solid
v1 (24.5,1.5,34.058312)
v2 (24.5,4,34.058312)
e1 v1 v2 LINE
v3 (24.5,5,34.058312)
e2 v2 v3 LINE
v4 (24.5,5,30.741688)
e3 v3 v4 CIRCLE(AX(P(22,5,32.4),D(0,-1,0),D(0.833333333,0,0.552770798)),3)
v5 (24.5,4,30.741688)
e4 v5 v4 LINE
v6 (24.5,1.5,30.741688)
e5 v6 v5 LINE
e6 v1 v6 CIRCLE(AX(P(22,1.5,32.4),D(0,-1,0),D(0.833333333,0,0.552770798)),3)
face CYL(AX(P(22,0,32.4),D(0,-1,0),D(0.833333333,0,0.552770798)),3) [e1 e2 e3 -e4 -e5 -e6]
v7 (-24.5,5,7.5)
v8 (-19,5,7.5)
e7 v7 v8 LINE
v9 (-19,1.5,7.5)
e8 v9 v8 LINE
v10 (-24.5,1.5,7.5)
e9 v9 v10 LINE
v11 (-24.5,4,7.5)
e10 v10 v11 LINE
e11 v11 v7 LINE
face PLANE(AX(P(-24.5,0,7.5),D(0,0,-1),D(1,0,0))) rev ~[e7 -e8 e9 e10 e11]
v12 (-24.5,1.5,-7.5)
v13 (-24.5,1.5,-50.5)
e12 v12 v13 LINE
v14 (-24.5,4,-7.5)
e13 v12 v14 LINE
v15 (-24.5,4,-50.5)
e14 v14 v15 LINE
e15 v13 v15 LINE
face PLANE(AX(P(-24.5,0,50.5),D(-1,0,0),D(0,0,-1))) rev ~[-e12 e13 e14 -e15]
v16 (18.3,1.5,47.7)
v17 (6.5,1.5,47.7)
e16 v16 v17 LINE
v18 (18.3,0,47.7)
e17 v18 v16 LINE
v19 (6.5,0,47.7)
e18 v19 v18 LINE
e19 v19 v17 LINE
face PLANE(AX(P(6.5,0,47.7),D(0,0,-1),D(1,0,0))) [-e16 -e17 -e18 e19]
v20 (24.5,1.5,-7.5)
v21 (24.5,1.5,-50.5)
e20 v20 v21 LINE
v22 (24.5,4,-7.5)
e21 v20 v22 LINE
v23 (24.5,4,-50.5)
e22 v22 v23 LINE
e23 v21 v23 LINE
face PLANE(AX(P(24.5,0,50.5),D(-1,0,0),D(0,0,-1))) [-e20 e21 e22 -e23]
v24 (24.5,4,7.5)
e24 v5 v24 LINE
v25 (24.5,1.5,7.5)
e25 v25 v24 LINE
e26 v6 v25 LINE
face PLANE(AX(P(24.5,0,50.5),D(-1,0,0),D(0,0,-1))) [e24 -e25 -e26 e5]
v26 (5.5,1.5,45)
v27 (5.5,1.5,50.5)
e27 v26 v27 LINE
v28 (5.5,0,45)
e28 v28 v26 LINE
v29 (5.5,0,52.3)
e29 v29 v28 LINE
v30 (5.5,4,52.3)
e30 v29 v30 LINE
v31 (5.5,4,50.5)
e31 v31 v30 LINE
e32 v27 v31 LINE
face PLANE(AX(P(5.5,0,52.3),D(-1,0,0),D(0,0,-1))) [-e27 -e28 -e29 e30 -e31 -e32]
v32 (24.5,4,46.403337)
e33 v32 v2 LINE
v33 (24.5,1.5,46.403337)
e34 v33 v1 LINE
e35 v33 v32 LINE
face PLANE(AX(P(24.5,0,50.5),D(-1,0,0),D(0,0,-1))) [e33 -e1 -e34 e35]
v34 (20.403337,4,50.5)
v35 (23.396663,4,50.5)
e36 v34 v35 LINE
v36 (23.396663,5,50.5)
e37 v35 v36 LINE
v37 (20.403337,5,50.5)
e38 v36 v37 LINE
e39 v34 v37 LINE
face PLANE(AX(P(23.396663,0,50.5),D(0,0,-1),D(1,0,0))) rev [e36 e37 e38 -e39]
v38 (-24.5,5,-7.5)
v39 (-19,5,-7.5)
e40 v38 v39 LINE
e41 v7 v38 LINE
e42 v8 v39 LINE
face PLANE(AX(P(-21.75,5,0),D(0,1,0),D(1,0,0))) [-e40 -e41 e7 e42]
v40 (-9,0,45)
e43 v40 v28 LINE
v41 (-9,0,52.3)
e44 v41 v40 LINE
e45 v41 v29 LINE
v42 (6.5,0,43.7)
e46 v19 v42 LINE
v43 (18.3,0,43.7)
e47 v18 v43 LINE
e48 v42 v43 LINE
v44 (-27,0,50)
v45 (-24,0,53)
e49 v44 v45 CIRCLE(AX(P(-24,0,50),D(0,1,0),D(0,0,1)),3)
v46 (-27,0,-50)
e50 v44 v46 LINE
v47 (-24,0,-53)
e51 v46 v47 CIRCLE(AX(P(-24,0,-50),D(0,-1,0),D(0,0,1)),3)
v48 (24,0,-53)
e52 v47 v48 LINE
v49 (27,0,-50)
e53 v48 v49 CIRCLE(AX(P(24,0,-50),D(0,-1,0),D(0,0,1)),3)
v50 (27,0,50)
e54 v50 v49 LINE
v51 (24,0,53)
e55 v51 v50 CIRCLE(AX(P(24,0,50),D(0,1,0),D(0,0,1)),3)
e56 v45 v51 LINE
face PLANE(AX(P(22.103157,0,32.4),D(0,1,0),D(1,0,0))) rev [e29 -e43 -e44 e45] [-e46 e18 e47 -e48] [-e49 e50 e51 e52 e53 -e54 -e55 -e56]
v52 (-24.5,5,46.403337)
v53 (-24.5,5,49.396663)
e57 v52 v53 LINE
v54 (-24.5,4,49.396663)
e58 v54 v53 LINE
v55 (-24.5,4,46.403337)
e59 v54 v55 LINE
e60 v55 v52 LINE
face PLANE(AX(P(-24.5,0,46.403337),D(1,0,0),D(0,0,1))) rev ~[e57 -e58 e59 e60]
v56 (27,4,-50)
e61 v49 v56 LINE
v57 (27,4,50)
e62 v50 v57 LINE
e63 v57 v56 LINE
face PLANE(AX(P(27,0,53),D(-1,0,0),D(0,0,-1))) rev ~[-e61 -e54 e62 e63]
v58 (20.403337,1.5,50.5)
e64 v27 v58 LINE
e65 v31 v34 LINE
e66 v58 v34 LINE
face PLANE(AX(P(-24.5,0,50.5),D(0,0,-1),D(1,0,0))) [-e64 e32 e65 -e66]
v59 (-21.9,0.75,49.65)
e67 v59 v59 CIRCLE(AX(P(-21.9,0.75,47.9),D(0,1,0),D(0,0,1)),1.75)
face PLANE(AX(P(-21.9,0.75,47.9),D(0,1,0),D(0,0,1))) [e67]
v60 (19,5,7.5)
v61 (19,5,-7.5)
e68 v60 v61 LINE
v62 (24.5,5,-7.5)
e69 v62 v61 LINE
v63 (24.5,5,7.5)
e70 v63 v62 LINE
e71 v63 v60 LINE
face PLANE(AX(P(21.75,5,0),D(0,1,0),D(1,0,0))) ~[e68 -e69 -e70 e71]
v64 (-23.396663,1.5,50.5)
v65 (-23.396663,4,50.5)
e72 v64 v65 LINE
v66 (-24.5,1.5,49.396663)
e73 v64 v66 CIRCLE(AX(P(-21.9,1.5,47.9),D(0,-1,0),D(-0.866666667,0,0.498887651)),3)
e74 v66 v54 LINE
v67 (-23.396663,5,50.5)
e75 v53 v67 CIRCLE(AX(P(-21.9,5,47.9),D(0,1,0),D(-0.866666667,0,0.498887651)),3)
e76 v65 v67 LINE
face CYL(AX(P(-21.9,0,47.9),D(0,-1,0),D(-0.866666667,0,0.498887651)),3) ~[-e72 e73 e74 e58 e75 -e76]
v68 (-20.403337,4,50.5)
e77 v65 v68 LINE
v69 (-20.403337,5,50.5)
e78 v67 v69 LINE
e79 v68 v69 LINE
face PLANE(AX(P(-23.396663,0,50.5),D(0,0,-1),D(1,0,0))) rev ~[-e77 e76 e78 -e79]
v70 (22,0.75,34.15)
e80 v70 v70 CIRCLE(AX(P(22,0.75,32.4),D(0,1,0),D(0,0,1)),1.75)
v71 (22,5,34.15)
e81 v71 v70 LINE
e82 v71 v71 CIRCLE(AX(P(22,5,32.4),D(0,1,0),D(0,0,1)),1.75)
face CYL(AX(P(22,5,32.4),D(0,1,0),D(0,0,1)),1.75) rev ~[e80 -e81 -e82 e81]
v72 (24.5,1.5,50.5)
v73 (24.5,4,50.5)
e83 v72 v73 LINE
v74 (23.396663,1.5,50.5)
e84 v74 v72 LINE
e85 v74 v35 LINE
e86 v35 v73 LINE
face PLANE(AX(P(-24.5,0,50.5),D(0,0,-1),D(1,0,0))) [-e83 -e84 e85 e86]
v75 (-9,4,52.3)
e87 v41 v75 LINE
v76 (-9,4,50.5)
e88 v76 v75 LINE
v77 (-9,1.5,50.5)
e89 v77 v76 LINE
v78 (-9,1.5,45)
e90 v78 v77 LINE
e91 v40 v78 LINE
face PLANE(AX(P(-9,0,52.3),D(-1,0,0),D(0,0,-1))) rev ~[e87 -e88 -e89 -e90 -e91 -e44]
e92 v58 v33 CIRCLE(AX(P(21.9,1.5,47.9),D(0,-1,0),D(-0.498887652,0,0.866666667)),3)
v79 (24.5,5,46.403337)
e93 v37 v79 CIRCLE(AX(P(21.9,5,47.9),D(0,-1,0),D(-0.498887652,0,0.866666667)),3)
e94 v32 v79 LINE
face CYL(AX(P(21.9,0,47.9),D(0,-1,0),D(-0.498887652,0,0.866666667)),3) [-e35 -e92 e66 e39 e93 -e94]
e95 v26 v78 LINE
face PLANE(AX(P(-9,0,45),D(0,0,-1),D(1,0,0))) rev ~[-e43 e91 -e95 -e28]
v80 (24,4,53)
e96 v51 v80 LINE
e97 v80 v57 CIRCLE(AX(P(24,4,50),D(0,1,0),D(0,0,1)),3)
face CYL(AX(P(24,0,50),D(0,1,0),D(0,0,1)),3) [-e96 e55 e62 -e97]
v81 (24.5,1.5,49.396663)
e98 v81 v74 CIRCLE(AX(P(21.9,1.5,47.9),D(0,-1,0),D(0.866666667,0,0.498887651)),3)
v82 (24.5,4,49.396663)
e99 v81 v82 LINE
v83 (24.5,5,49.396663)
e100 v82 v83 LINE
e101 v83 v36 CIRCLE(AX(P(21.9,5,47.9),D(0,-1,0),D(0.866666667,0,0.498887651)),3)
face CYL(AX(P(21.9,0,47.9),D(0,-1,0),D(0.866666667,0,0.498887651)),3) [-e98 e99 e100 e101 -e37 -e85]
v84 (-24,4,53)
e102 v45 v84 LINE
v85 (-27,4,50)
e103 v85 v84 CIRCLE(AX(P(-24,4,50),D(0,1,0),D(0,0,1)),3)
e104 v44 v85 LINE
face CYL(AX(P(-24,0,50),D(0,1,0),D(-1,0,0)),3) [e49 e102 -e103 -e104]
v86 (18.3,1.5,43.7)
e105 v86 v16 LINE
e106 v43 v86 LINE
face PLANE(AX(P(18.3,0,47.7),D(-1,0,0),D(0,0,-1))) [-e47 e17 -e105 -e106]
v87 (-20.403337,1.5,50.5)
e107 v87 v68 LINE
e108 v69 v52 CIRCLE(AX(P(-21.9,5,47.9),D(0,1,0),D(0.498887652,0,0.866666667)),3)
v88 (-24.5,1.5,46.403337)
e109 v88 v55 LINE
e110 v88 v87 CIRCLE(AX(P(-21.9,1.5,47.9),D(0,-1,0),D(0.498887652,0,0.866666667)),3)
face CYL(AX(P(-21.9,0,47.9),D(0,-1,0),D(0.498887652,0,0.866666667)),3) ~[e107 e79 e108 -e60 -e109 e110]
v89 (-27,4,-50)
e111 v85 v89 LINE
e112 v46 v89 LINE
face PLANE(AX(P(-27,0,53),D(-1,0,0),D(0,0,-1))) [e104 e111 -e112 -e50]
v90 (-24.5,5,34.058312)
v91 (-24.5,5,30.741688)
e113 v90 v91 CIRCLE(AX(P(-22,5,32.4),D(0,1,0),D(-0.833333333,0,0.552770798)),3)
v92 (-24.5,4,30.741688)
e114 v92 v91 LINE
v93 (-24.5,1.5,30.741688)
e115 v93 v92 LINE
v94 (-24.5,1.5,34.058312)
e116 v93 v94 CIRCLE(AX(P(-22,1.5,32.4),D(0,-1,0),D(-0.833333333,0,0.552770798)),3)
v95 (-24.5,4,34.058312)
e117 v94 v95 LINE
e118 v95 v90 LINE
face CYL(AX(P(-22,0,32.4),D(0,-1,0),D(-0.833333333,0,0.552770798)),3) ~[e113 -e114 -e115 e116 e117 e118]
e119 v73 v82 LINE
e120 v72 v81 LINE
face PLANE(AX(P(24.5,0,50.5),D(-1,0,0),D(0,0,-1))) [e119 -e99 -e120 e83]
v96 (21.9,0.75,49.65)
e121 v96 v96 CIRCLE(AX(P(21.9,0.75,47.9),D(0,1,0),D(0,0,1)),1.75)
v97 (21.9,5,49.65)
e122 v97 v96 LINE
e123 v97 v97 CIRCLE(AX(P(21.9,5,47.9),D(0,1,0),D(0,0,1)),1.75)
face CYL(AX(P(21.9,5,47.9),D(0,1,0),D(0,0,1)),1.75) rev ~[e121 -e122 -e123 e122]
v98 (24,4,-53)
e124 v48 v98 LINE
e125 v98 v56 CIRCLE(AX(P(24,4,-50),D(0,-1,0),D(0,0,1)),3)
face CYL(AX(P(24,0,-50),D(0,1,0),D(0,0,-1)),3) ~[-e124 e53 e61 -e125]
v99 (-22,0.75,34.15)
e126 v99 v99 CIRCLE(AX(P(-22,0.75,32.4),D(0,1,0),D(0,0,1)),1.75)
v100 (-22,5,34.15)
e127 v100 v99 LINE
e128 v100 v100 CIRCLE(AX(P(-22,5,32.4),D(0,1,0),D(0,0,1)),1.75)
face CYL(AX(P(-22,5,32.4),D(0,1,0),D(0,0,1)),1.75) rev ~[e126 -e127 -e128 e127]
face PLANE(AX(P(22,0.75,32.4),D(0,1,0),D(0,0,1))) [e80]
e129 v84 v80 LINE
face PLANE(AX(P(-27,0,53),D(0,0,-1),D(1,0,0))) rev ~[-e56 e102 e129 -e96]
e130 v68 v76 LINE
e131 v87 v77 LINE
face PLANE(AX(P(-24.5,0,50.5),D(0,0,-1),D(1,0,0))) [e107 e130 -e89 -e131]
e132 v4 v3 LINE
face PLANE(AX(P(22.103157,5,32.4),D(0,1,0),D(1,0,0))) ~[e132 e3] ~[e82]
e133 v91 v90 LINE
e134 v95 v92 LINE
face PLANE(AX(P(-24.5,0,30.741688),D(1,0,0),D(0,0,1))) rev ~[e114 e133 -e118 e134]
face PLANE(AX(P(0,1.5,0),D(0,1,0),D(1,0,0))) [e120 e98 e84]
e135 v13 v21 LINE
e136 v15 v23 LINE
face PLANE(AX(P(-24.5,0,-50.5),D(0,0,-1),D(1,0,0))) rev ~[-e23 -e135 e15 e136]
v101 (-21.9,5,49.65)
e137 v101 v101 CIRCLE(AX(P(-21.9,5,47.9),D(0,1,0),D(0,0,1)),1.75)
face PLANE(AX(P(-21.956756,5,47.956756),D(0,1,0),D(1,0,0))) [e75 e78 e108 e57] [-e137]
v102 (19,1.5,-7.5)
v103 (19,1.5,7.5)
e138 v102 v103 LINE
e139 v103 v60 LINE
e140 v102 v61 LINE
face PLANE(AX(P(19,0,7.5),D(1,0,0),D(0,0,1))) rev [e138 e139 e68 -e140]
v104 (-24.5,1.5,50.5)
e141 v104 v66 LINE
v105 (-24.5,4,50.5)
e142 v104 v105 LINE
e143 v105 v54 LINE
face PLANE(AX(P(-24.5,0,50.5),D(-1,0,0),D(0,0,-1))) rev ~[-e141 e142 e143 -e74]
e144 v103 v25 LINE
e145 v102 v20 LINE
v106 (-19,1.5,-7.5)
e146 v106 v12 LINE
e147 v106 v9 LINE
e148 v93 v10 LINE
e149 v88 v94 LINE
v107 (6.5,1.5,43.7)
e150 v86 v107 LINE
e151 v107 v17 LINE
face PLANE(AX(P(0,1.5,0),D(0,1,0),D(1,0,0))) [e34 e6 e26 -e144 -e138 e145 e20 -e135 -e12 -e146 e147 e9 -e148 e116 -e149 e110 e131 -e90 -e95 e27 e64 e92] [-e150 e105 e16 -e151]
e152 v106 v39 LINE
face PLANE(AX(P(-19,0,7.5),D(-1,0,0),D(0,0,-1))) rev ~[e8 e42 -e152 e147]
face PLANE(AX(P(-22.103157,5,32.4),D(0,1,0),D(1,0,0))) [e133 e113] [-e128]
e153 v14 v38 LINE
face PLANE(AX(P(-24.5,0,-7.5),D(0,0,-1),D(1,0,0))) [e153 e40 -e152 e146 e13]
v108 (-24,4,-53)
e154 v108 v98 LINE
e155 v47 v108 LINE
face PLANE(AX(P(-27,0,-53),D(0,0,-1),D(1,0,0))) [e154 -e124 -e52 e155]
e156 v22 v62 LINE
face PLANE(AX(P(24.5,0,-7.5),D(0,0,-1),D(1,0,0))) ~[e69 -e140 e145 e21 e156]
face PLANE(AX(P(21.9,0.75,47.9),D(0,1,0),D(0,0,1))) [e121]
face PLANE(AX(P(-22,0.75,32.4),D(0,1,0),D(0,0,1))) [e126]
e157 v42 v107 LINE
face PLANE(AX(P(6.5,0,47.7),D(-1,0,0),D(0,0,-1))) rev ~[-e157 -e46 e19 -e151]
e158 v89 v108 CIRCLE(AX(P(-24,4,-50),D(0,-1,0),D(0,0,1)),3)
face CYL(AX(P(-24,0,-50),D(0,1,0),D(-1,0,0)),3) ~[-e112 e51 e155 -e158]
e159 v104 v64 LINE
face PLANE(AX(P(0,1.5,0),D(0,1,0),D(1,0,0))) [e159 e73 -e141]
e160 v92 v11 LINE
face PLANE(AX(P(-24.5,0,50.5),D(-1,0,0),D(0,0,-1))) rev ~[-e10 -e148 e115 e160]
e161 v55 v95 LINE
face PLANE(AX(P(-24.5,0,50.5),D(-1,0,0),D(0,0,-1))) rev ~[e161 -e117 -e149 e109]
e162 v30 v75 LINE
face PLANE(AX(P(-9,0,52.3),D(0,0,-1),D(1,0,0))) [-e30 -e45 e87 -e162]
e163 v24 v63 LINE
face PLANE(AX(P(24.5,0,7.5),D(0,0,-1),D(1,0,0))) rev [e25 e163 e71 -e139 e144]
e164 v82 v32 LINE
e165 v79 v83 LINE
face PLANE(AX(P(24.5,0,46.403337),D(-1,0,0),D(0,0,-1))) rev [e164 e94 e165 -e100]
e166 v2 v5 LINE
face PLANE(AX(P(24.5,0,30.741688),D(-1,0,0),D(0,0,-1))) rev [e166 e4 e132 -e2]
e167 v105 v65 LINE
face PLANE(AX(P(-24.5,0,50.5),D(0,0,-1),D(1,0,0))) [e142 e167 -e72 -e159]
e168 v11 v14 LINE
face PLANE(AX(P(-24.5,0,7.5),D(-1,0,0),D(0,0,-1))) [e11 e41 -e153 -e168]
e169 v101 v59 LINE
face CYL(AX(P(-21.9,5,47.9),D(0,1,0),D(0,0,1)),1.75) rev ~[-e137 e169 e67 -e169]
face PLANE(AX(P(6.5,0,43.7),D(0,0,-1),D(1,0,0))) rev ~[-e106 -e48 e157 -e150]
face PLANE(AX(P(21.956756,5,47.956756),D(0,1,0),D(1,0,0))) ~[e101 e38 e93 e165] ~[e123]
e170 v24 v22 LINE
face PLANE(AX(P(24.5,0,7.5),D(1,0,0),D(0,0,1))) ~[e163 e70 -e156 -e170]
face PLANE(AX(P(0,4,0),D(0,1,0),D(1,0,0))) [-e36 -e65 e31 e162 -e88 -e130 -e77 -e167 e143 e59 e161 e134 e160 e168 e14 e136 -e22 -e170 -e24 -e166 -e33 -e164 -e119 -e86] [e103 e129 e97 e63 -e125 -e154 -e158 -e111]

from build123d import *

# Parameters (mm, degrees)
SKETCH1_W           = 49
SKETCH1_H           = 101
BOSS_EXTRUDE1_DEPTH = 1.5
SKETCH2_W           = 54
SKETCH2_H           = 106
SKETCH2_W_2         = 49
SKETCH2_H_2         = 101
BOSS_EXTRUDE2_DEPTH = 4
SKETCH3_W           = 5.5
SKETCH3_H           = 15
BOSS_EXTRUDE3_DEPTH = 5
SKETCH4_R           = 1.75
CUT_EXTRUDE1_DEPTH  = 4.25
SKETCH5_R           = 1.75
CUT_EXTRUDE2_DEPTH  = 4.25
SKETCH6_W           = 14.5
SKETCH6_H           = 7.3
CUT_EXTRUDE3_DEPTH  = 60.690870324
SKETCH7_W           = 11.8
SKETCH7_H           = 4
CUT_EXTRUDE4_DEPTH  = 60.690870324
FILLET1_R           = 3


with BuildPart() as part:
    # Sketch1 → Boss-Extrude1 (new body)
    with BuildSketch(Plane(origin=(0, 0, 0), x_dir=(1, 0, 0), z_dir=(0, 1, 0))):
        Rectangle(SKETCH1_W, SKETCH1_H)
    extrude(amount=BOSS_EXTRUDE1_DEPTH)

    # Sketch2 → Boss-Extrude2 (add)
    with BuildSketch(Plane(origin=(0, 0, 0), x_dir=(1, 0, 0), z_dir=(0, 1, 0))):
        Rectangle(SKETCH2_W, SKETCH2_H)
        Rectangle(SKETCH2_W_2, SKETCH2_H_2, mode=Mode.SUBTRACT)
    extrude(amount=BOSS_EXTRUDE2_DEPTH)

    # Sketch3 → Boss-Extrude3 (add)
    with BuildSketch(Plane(origin=(0, 0, 0), x_dir=(1, 0, 0), z_dir=(0, 1, 0))):
        with BuildLine():
            Line((-24.5, -30.741687605), (-24.5, -34.058312395))
            ThreePointArc((-24.5, -34.058312395), (-19, -32.4), (-24.5, -30.741687605))
        make_face()
        with Locations((-21.75, 0)):
            Rectangle(SKETCH3_W, SKETCH3_H)
        with BuildLine():
            Line((-24.5, -46.403337045), (-24.5, -49.396662955))
            ThreePointArc((-24.5, -49.396662955), (-24.021320344, -50.021320344), (-23.396662955, -50.5))
            Line((-23.396662955, -50.5), (-20.403337045, -50.5))
            ThreePointArc((-20.403337045, -50.5), (-19.778679656, -45.778679656), (-24.5, -46.403337045))
        make_face()
    boss_extrude3 = extrude(amount=BOSS_EXTRUDE3_DEPTH)

    # Mirror1: Boss-Extrude3 across plane
    add(boss_extrude3.mirror(Plane(origin=(0, 0, 0), x_dir=(0, 0, 1), z_dir=(1, 0, 0))))

    # Sketch4 → Cut-Extrude1 (cut)
    with BuildSketch(Plane(origin=(0, 5, 0), x_dir=(1, 0, 0), z_dir=(0, 1, 0))):
        with Locations(Location((-21.9, -47.9, 0), (0, 0, 270))):
            Circle(SKETCH4_R)
        with Locations(Location((21.9, -47.9, 0), (0, 0, 270))):
            Circle(SKETCH4_R)
    extrude(amount=-CUT_EXTRUDE1_DEPTH, mode=Mode.SUBTRACT)

    # Sketch5 → Cut-Extrude2 (cut)
    with BuildSketch(Plane(origin=(0, 5, 0), x_dir=(1, 0, 0), z_dir=(0, 1, 0))):
        with Locations(Location((-22, -32.4, 0), (0, 0, 270))):
            Circle(SKETCH5_R)
        with Locations(Location((22, -32.4, 0), (0, 0, 270))):
            Circle(SKETCH5_R)
    extrude(amount=-CUT_EXTRUDE2_DEPTH, mode=Mode.SUBTRACT)

    # Sketch6 → Cut-Extrude3 (cut, through all)
    with BuildSketch(Plane(origin=(0, 0, 0), x_dir=(1, 0, 0), z_dir=(0, 1, 0))):
        with Locations((-1.75, -48.65)):
            Rectangle(SKETCH6_W, SKETCH6_H)
    extrude(amount=CUT_EXTRUDE3_DEPTH, mode=Mode.SUBTRACT)

    # Sketch7 → Cut-Extrude4 (cut, through all)
    with BuildSketch(Plane(origin=(0, 0, 0), x_dir=(1, 0, 0), z_dir=(0, 1, 0))):
        with Locations((12.4, -45.7)):
            Rectangle(SKETCH7_W, SKETCH7_H)
    extrude(amount=CUT_EXTRUDE4_DEPTH, mode=Mode.SUBTRACT)

    # Fillet1
    fillet1_edges = [part.edges().sort_by_distance(p)[0] for p in [
        (-27, 2, 53),
        (27, 2, 53),
        (27, 2, -53),
        (-27, 2, -53),
    ]]
    fillet(fillet1_edges, radius=FILLET1_R)


solid = part.part
